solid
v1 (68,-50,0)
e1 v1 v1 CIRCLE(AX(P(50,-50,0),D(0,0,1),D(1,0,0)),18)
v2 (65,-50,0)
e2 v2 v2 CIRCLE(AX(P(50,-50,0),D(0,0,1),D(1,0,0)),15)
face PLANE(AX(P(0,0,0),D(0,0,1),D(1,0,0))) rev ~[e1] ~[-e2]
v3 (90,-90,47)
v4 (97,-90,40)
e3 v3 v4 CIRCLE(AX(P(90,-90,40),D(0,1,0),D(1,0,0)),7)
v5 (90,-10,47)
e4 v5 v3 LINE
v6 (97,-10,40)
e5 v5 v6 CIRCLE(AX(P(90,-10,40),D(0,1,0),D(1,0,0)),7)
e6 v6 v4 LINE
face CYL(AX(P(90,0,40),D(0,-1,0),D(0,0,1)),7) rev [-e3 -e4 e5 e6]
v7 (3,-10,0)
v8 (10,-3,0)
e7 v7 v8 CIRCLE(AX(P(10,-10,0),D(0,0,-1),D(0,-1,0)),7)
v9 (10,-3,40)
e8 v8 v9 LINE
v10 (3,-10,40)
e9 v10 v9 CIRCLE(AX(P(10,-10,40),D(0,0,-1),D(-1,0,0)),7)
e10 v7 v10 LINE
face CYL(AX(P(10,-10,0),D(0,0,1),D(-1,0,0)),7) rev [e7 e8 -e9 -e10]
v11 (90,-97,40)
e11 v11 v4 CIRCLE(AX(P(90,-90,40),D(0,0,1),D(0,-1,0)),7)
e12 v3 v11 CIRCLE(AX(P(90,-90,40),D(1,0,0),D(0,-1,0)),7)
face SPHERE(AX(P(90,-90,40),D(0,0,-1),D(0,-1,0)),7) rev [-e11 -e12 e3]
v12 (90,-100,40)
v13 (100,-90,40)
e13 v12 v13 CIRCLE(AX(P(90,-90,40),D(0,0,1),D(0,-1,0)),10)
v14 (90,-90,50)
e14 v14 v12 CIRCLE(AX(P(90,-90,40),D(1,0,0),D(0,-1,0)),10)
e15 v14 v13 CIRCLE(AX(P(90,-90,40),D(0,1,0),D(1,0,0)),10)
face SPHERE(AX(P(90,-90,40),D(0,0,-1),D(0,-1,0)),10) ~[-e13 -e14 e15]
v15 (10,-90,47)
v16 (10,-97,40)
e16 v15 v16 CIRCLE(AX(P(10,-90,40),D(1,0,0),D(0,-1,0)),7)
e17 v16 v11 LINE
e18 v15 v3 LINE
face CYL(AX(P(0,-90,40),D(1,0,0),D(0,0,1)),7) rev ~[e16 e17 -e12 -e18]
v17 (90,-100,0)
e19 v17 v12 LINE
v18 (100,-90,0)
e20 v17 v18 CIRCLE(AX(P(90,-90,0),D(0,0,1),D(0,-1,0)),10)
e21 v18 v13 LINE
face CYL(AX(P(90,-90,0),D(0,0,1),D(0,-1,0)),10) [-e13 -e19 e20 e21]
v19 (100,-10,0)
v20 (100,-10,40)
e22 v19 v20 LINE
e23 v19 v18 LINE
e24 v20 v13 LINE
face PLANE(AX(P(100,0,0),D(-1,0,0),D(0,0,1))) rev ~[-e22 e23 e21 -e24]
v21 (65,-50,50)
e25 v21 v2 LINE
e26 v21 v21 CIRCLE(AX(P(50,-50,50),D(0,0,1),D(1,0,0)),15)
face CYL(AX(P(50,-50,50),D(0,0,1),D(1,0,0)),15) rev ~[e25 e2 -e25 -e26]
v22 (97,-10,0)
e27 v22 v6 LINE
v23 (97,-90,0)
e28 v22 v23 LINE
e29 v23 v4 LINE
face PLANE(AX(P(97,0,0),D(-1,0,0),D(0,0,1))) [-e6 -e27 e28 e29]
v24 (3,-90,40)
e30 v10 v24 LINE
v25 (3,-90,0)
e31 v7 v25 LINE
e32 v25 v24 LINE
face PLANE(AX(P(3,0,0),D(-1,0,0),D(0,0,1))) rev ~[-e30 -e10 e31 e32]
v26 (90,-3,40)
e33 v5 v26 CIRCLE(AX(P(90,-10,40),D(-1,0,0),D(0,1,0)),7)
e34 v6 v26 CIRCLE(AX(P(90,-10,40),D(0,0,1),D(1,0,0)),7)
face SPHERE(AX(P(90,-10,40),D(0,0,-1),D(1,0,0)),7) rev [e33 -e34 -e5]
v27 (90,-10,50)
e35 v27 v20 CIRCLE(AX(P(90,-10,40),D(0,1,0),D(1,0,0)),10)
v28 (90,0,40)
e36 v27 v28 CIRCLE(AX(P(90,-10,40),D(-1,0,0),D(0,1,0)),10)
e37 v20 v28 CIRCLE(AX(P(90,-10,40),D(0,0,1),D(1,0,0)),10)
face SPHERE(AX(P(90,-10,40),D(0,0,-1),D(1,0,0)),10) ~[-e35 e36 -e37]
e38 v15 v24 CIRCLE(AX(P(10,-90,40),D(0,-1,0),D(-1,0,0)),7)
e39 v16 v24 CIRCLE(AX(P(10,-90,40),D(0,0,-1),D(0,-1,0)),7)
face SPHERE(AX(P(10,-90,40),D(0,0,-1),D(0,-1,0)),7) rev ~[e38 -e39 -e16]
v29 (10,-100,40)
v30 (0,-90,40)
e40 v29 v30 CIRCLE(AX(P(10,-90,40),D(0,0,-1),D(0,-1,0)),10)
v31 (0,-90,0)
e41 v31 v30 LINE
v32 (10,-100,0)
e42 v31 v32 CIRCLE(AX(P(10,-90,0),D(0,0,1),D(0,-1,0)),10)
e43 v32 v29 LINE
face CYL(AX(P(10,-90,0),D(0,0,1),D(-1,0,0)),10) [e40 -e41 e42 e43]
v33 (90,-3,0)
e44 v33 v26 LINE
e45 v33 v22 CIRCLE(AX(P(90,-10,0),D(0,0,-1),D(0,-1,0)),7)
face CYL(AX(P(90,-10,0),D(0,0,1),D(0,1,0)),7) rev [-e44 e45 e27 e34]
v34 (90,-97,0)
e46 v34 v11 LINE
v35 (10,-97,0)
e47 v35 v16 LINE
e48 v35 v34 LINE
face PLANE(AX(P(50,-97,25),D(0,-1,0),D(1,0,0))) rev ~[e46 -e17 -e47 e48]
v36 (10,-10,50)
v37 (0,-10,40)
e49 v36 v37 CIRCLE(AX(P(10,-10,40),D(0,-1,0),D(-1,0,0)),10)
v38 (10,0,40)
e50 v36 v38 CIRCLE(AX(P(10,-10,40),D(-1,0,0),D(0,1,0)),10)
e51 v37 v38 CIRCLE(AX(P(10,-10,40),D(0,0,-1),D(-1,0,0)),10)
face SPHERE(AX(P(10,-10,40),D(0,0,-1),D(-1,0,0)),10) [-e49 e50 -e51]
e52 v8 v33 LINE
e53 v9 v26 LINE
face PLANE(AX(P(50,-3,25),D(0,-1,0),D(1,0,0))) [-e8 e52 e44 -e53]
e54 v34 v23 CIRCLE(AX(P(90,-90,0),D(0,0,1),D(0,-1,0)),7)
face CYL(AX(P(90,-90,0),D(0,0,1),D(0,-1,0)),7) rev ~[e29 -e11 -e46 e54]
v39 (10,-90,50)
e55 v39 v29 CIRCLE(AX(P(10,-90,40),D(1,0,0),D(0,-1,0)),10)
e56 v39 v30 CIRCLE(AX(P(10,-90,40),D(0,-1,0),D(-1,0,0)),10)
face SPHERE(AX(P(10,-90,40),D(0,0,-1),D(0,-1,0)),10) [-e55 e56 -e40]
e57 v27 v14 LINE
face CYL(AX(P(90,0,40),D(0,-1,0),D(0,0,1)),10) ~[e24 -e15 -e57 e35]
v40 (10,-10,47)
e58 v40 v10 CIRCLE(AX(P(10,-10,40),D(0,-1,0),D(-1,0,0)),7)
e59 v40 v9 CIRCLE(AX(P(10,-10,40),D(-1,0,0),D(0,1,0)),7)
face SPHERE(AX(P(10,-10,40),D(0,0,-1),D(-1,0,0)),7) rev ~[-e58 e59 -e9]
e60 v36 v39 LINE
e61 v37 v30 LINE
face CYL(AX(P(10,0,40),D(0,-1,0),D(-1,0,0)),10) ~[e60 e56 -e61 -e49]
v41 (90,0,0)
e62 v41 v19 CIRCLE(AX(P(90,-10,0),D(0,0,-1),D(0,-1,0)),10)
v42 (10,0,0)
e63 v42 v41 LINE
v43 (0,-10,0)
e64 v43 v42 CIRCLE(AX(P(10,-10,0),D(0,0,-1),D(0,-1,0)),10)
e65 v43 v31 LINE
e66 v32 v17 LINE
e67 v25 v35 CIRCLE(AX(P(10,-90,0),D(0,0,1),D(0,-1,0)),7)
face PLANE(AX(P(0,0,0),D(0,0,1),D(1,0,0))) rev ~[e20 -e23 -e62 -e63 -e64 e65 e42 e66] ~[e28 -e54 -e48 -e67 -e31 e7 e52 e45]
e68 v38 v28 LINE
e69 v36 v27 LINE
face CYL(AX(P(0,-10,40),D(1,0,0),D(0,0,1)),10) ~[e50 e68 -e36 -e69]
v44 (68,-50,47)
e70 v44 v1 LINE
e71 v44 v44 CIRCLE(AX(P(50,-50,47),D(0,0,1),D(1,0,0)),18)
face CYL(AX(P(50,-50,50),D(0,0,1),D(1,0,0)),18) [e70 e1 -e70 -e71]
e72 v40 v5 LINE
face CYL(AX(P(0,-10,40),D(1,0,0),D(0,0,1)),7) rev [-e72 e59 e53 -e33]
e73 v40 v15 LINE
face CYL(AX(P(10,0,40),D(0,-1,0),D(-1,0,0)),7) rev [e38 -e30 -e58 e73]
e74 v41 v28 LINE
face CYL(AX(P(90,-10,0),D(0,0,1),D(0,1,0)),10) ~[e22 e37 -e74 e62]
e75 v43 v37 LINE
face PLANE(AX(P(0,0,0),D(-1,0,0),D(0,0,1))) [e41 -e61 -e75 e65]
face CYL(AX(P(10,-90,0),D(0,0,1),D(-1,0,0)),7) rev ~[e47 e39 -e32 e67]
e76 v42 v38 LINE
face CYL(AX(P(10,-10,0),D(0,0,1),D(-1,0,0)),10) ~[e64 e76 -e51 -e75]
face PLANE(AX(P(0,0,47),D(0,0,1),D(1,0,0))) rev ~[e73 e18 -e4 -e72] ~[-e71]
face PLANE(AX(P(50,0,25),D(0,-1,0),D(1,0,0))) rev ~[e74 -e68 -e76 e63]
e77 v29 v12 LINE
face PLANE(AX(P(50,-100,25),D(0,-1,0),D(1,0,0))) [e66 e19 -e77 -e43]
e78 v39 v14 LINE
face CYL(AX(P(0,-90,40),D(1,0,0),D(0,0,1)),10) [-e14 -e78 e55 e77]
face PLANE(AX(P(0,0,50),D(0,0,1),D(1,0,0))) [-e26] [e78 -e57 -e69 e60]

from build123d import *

# Parameters (mm, degrees)
F0_W     = 100
F0_H     = 50
F1_DEPTH = 100
F2_R     = 15
F3_DEPTH = 50
F4_R     = 10
F5_T     = -3


with BuildPart() as f1:
    # F0 (on Front) → F1 (new body)
    with BuildSketch(Plane.XZ):
        with Locations((50, 25)):
            Rectangle(F0_W, F0_H)
    extrude(amount=F1_DEPTH)

    # F2 (on face) → F3 (cut, through all)
    with BuildSketch(Plane.XY.offset(50)):
        with Locations((50, -50)):
            Circle(F2_R)
    extrude(amount=-F3_DEPTH, mode=Mode.SUBTRACT)

    # F4
    f4_edges = [f1.edges().sort_by_distance(p)[0] for p in [
        (100, 0, 25),
        (0, 0, 25),
        (100, -100, 25),
        (0, -100, 25),
        (50, -100, 50),
        (0, -50, 50),
        (100, -50, 50),
        (50, 0, 50),
    ]]
    fillet(f4_edges, radius=F4_R)

    # F5
    f5_openings = [f1.faces().sort_by_distance(p)[0] for p in [
        (1.414214, -50, 0),
    ]]
    offset(amount=F5_T, openings=f5_openings)


solid = f1.part
